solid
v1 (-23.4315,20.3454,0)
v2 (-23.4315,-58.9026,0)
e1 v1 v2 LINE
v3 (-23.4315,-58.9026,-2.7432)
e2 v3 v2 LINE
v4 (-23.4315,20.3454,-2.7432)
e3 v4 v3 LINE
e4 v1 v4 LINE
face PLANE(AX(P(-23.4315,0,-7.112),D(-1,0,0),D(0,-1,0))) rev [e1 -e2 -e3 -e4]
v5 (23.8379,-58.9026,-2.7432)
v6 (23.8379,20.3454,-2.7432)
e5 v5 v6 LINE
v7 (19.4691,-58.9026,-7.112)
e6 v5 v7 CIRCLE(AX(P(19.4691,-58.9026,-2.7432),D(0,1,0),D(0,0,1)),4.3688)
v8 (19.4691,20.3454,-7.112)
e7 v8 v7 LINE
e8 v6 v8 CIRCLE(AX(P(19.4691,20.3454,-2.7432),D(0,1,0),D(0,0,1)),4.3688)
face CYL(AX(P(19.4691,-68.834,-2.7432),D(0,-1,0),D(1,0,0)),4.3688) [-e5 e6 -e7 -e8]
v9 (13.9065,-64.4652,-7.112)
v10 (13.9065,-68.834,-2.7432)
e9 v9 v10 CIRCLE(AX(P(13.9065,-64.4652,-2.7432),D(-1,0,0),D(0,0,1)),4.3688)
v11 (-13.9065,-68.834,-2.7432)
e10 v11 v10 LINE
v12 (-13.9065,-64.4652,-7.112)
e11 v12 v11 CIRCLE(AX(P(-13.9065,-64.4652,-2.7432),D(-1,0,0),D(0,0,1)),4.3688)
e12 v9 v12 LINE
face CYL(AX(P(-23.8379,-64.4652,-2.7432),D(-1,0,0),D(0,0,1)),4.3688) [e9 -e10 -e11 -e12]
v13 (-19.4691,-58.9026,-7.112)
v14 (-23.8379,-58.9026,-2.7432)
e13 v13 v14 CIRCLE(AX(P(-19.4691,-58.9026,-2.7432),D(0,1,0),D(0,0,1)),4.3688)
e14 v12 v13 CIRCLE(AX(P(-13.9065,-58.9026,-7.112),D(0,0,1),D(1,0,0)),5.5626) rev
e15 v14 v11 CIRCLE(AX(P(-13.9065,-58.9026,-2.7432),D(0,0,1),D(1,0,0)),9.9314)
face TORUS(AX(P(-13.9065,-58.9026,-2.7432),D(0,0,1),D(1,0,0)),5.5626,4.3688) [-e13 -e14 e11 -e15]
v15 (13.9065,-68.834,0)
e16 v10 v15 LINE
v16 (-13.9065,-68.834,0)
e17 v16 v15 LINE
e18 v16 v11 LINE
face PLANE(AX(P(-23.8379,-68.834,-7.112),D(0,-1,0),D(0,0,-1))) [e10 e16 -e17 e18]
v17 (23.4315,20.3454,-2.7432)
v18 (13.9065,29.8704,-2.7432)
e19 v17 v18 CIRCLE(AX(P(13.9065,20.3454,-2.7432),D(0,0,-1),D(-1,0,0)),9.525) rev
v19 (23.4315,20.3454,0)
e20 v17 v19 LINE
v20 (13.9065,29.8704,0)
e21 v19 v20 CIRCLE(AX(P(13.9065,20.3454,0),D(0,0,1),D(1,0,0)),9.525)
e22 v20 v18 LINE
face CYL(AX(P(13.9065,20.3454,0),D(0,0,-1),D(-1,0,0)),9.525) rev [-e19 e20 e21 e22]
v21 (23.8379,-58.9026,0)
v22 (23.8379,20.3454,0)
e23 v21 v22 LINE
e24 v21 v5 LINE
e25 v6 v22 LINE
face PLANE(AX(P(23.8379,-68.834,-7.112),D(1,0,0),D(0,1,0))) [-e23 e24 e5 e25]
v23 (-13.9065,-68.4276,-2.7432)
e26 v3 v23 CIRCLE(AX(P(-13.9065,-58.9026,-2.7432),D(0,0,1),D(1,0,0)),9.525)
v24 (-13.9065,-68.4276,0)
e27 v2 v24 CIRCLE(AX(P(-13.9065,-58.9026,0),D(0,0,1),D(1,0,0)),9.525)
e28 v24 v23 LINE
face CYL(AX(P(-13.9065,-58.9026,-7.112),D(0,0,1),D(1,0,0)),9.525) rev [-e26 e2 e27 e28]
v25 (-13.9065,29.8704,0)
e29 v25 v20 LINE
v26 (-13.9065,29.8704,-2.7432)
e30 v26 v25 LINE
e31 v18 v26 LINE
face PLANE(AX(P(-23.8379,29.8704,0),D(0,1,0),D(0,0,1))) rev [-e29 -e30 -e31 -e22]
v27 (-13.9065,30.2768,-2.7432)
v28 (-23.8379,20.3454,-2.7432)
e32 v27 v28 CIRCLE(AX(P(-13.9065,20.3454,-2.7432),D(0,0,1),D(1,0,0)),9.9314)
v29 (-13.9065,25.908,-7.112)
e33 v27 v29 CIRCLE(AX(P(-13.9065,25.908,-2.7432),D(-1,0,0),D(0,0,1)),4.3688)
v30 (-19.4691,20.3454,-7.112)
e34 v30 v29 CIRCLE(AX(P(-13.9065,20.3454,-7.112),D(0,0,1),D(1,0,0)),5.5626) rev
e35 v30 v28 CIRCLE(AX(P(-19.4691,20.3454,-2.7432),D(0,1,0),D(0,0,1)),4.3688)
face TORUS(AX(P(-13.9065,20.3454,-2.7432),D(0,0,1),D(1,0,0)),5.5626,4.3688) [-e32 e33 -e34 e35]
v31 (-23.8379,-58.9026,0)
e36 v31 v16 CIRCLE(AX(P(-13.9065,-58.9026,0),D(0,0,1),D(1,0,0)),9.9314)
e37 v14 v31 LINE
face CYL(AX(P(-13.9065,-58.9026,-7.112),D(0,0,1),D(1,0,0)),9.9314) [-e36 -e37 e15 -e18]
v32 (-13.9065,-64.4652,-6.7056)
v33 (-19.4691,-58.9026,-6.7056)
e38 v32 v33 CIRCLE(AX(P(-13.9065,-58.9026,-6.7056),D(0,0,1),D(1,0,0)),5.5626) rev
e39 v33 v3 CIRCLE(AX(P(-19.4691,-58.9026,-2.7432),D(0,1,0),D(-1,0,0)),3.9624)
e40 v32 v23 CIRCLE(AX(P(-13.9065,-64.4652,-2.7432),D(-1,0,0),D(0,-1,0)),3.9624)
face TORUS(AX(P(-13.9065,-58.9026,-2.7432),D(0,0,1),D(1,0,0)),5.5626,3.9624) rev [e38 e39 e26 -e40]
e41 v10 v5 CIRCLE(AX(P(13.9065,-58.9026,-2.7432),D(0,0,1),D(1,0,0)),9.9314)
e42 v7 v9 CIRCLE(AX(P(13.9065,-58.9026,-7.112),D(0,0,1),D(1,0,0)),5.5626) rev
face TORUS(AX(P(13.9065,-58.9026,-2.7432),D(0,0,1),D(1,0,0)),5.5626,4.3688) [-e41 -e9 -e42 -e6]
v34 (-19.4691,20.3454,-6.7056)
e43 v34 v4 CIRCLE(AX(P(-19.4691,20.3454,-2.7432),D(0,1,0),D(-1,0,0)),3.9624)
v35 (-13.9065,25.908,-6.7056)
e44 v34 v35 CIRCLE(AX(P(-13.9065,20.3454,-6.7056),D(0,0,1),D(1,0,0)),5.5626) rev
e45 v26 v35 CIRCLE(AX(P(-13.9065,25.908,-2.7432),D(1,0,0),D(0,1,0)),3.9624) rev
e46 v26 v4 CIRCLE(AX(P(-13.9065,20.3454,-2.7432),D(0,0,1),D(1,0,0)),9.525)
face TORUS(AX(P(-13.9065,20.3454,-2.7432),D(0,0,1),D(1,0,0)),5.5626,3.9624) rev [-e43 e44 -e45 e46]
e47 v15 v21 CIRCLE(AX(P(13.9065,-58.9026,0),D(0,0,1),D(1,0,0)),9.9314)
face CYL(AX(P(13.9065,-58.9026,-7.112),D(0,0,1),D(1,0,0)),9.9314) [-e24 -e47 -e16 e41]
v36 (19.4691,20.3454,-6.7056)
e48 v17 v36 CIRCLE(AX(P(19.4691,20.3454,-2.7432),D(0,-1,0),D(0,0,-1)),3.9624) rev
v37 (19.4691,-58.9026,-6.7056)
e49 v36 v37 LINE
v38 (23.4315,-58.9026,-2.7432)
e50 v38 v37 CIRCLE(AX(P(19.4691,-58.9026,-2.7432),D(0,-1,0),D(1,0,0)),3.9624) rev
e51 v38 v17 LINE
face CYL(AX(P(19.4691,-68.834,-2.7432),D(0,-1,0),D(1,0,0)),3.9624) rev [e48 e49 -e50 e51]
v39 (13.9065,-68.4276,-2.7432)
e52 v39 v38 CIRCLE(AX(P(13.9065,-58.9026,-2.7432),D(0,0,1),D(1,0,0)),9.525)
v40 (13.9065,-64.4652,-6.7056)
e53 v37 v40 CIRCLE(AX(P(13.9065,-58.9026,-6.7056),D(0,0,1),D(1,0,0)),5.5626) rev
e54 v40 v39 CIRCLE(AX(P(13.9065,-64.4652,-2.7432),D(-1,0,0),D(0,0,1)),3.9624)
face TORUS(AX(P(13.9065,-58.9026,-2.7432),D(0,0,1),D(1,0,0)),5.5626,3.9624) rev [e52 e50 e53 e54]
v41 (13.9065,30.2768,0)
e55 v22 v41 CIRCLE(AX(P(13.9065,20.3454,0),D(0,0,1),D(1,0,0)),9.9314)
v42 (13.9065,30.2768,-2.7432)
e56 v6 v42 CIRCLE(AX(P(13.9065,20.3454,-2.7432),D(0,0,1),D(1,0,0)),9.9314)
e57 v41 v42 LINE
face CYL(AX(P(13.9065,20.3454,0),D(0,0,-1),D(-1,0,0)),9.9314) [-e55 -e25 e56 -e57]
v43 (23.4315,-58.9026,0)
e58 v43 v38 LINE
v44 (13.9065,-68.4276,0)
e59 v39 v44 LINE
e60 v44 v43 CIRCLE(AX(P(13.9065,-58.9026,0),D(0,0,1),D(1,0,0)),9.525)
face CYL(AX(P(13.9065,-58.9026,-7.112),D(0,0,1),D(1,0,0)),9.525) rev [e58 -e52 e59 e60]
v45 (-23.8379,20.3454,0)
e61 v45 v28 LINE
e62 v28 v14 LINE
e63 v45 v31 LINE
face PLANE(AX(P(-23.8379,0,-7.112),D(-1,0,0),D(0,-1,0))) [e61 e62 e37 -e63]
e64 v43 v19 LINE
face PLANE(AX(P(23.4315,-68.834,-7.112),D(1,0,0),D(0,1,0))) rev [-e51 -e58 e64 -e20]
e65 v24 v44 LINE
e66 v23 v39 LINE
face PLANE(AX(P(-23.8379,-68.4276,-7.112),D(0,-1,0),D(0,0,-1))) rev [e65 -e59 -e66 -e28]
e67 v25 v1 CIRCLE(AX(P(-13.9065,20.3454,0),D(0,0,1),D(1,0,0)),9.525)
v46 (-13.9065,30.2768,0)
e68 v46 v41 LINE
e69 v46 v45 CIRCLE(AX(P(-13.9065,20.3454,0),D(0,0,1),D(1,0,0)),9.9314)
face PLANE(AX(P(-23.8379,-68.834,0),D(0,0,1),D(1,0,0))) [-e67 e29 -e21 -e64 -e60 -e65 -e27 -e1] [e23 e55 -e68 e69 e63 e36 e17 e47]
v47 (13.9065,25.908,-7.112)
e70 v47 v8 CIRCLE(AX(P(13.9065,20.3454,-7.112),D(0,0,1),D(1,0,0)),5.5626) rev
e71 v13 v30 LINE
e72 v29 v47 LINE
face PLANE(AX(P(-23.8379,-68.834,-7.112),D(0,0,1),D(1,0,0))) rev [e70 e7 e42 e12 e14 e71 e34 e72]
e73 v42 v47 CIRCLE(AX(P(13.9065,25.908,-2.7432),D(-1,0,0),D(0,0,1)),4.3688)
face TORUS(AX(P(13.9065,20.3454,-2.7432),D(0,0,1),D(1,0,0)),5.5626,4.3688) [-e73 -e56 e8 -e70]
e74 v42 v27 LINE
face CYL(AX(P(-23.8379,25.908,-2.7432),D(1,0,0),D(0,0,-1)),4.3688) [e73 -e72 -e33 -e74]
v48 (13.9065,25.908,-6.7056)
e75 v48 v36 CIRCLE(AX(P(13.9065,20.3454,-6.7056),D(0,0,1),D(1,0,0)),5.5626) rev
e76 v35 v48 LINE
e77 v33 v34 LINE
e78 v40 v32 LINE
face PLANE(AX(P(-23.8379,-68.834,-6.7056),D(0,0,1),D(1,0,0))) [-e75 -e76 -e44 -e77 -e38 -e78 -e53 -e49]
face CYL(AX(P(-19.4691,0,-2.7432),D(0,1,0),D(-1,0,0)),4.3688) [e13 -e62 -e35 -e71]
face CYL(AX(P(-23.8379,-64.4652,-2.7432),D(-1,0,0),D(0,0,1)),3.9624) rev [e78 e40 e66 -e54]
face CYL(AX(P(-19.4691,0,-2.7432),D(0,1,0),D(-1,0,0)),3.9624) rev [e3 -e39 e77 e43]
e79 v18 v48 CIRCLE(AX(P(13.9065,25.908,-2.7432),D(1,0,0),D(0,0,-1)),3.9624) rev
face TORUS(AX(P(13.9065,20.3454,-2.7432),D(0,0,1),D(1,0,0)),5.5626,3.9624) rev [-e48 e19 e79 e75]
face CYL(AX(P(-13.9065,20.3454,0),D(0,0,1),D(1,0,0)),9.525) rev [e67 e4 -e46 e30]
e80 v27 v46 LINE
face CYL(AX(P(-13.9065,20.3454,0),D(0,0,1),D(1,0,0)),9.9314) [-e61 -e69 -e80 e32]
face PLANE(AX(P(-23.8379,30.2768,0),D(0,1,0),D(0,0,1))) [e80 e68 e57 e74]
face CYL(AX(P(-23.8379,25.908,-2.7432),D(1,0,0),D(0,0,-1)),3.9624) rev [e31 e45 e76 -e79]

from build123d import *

# Parameters (mm, degrees)
SKETCH1_W           = 47.6758
SKETCH1_H           = 68.834
BOSS_EXTRUDE1_DEPTH = 7.112
SKETCH11_W          = 47.6758
SKETCH11_H          = 7.112
BOSS_EXTRUDE2_DEPTH = 30.2768
FILLET3_R           = 9.9314
FILLET6_R           = 4.3688
SHELL1_T            = -0.4064


with BuildPart() as part:
    # Sketch1 → Boss-Extrude1 (new body)
    with BuildSketch(Plane.XY):
        with Locations((0, -34.417)):
            Rectangle(SKETCH1_W, SKETCH1_H)
    extrude(amount=-BOSS_EXTRUDE1_DEPTH)

    # Sketch11 → Boss-Extrude2 (add)
    with BuildSketch(Plane(origin=(0, 0, 0), x_dir=(1, 0, 0), z_dir=(0, 1, 0))):
        with Locations((0, 3.556)):
            Rectangle(SKETCH11_W, SKETCH11_H)
    extrude(amount=BOSS_EXTRUDE2_DEPTH)

    # Fillet3
    fillet3_edges = [part.edges().sort_by_distance(p)[0] for p in [
        (-23.8379, 30.2768, -3.556),
        (23.8379, 30.2768, -3.556),
        (23.8379, -68.834, -3.556),
        (-23.8379, -68.834, -3.556),
    ]]
    fillet(fillet3_edges, radius=FILLET3_R)

    # Fillet6
    fillet6_edges = [part.edges().sort_by_distance(p)[0] for p in [
        (-23.8379, -19.2786, -7.112),
        (-20.929060287, -65.925160287, -7.112),
        (0, -68.834, -7.112),
        (23.8379, -19.2786, -7.112),
        (-20.929060287, 27.367960287, -7.112),
        (0, 30.2768, -7.112),
        (20.929060287, 27.367960287, -7.112),
    ]]
    fillet(fillet6_edges, radius=FILLET6_R)

    # Shell1
    shell1_openings = [part.faces().sort_by_distance(p)[0] for p in [
        (0, -19.2786, 0),
    ]]
    offset(amount=SHELL1_T, openings=shell1_openings, kind=Kind.INTERSECTION)


solid = part.part
